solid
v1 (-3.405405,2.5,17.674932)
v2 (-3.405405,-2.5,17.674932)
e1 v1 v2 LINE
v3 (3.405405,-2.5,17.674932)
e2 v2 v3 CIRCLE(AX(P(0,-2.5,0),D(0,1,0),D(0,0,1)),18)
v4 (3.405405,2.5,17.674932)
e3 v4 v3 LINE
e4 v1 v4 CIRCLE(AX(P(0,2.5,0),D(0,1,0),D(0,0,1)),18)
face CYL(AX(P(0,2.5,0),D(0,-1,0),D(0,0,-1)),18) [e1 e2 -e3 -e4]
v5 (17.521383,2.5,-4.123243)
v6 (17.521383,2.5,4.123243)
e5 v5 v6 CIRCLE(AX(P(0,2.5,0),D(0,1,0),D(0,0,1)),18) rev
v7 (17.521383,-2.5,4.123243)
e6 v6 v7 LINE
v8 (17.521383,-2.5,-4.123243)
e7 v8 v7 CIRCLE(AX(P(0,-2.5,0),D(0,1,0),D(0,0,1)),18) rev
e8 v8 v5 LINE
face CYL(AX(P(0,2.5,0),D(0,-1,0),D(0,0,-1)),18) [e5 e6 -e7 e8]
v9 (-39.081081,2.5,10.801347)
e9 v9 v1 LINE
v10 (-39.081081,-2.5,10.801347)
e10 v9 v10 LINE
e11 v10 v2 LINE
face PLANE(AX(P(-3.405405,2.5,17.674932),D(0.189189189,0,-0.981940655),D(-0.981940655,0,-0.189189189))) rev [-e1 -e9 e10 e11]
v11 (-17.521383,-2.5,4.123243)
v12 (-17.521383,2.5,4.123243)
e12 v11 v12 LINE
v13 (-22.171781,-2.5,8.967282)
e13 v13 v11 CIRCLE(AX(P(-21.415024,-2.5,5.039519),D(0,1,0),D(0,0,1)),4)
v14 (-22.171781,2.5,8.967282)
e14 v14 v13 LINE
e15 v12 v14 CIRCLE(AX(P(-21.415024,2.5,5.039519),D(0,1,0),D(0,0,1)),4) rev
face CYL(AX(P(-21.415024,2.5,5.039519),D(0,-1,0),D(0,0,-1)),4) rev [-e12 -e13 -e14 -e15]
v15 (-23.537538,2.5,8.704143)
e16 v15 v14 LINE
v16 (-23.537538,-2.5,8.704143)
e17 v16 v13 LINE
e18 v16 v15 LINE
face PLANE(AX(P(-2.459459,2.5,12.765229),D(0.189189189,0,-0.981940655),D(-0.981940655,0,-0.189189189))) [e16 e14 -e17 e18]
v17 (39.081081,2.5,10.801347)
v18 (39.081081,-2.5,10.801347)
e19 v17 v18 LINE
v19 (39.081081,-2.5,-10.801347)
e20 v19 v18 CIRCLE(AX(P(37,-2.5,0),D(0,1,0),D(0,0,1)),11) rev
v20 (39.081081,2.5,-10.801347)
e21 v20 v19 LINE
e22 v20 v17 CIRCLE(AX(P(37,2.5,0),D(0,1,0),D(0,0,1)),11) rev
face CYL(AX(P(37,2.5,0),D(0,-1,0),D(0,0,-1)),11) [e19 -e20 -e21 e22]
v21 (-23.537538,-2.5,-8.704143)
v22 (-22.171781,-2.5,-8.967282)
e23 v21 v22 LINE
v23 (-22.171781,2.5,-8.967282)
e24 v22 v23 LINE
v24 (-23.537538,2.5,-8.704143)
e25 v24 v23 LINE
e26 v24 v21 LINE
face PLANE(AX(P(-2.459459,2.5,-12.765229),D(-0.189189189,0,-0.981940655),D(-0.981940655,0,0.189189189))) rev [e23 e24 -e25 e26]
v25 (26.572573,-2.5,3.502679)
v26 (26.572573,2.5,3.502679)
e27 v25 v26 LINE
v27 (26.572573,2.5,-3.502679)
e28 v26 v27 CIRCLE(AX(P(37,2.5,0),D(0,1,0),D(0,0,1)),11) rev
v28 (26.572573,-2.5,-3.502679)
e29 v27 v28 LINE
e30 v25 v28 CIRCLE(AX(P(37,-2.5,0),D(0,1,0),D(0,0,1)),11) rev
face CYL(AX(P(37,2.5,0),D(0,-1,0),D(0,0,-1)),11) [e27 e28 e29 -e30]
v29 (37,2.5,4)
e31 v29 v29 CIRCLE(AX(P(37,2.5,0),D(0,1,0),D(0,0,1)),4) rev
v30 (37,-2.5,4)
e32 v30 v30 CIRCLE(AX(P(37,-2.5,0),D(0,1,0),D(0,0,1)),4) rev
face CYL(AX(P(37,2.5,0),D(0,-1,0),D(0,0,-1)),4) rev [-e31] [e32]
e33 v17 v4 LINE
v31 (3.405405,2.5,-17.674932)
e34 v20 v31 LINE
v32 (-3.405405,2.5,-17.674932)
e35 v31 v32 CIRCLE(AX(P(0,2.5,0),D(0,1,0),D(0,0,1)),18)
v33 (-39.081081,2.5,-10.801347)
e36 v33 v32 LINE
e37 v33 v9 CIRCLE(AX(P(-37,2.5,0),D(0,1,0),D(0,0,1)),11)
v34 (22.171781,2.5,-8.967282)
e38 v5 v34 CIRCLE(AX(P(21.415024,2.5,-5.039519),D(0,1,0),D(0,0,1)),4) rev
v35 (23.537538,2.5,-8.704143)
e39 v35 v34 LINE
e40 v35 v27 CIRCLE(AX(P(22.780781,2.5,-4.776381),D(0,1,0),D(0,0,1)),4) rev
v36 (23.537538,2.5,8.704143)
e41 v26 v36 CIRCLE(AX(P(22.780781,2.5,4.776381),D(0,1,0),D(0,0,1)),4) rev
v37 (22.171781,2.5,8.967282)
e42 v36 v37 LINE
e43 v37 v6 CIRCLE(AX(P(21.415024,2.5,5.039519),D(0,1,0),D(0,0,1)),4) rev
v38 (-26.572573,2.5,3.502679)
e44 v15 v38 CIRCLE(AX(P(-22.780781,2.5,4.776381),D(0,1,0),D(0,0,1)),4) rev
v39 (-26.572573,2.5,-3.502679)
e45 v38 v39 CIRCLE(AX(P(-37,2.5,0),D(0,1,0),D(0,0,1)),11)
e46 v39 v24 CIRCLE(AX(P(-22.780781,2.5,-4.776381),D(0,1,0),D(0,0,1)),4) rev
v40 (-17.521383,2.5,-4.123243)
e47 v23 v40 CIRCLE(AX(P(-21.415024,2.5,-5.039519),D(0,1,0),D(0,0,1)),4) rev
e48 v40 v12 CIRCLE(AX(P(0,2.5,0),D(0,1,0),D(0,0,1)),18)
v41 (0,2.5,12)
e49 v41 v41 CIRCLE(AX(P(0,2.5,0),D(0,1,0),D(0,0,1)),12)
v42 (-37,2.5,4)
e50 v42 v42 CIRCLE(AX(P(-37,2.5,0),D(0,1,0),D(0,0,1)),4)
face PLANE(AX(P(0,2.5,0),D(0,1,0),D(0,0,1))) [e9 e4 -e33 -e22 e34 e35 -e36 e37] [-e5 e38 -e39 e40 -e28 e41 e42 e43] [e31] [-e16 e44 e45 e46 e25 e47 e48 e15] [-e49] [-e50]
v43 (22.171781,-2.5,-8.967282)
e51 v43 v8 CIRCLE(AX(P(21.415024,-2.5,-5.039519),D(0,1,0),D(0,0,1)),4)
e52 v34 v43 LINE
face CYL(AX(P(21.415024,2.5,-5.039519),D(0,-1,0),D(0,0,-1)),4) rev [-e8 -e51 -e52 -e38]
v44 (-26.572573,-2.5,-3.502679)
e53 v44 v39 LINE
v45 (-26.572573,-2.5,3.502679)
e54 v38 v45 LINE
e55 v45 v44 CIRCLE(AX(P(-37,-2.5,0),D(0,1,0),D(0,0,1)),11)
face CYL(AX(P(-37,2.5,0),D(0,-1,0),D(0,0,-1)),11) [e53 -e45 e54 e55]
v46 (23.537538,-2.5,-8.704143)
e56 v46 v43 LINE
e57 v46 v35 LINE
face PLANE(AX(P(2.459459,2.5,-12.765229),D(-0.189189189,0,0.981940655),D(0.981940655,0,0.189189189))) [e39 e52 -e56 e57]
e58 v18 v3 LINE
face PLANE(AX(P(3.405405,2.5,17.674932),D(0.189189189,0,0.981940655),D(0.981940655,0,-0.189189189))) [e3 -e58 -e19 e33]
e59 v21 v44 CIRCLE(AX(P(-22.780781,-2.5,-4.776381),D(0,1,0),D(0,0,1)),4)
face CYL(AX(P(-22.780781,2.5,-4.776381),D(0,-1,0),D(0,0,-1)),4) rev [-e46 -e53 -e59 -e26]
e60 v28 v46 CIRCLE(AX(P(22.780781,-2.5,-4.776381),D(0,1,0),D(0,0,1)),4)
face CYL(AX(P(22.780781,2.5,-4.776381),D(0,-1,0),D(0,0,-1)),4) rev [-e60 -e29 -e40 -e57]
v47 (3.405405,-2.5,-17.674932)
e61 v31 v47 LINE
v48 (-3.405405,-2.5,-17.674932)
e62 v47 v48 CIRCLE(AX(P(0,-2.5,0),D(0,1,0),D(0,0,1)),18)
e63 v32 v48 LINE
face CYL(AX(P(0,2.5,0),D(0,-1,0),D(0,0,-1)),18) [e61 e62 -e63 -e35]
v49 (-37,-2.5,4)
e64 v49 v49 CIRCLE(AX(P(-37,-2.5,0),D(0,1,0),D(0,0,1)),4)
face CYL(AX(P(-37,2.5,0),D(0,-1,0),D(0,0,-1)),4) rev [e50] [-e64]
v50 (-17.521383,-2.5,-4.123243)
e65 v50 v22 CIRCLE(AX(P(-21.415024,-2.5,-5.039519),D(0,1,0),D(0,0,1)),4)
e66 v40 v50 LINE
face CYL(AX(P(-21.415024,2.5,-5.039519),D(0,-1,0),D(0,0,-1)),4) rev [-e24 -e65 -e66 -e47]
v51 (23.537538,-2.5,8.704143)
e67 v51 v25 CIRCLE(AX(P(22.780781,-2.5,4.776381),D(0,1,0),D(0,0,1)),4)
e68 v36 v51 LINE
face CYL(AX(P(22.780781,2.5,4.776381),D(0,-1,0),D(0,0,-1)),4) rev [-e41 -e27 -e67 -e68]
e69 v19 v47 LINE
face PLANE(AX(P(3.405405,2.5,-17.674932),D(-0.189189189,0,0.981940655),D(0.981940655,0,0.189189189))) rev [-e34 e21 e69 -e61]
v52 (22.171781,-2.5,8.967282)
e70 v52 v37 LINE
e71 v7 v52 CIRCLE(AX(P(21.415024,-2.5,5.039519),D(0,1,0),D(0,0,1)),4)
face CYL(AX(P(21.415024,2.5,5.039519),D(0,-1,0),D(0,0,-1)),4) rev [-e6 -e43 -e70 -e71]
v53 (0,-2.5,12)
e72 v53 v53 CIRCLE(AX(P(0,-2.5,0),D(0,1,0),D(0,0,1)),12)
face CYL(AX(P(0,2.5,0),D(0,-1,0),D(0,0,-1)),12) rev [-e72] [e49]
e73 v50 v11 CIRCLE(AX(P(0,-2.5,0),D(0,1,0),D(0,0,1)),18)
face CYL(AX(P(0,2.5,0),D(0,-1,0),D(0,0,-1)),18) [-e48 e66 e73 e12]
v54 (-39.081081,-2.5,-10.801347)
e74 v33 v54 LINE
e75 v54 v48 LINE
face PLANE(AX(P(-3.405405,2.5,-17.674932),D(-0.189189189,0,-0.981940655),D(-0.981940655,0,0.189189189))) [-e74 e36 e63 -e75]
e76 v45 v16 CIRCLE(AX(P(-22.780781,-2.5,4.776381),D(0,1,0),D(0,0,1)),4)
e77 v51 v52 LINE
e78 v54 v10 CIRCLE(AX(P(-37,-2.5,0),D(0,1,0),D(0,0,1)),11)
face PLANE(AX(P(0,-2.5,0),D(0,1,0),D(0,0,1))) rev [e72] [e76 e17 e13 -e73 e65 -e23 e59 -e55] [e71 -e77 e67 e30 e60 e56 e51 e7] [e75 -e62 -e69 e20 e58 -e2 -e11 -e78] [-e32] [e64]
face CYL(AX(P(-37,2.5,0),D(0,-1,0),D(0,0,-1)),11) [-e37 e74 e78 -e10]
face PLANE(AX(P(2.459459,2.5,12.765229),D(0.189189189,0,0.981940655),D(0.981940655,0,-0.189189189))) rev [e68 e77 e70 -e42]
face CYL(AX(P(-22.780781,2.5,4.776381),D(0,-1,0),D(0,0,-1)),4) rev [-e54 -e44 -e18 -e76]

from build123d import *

# Parameters (mm, degrees)
SKETCH1_R           = 4
SKETCH1_R_2         = 12
BOSS_EXTRUDE1_DEPTH = 2.5
FILLET1_R           = 4


with BuildPart() as part:
    # Sketch1 → Boss-Extrude1 (new, symmetric)
    with BuildSketch(Plane(origin=(0, 0, 0), x_dir=(1, 0, 0), z_dir=(0, 1, 0))):
        with BuildLine():
            Line((39.081081081, 10.801347209), (3.405405405, 17.674931797))
            ThreePointArc((3.405405405, 17.674931797), (0, 18), (-3.405405405, 17.674931797))
            Line((-3.405405405, 17.674931797), (-39.081081081, 10.801347209))
            ThreePointArc((-39.081081081, 10.801347209), (-48, 0), (-39.081081081, -10.801347209))
            Line((-39.081081081, -10.801347209), (-3.405405405, -17.674931797))
            ThreePointArc((-3.405405405, -17.674931797), (0, -18), (3.405405405, -17.674931797))
            Line((3.405405405, -17.674931797), (39.081081081, -10.801347209))
            ThreePointArc((39.081081081, -10.801347209), (48, 0), (39.081081081, 10.801347209))
        make_face()
        with Locations(Location((37, 0, 0), (0, 0, 270))):
            Circle(SKETCH1_R, mode=Mode.SUBTRACT)
        with Locations(Location((-37, 0, 0), (0, 0, 270))):
            Circle(SKETCH1_R, mode=Mode.SUBTRACT)
        with Locations(Location((0, 0, 0), (0, 0, 270))):
            Circle(SKETCH1_R_2, mode=Mode.SUBTRACT)
        with BuildLine():
            Line((-29.082089608, -7.635882073), (-14.68452203, -10.40984211))
            ThreePointArc((-14.68452203, -10.40984211), (-18, 0), (-14.68452203, 10.40984211))
            Line((-14.68452203, 10.40984211), (-29.082089608, 7.635882073))
            ThreePointArc((-29.082089608, 7.635882073), (-26, 0), (-29.082089608, -7.635882073))
        make_face(mode=Mode.SUBTRACT)
        with BuildLine():
            ThreePointArc((29.082089608, -7.635882073), (26, 0), (29.082089608, 7.635882073))
            Line((29.082089608, 7.635882073), (14.68452203, 10.40984211))
            ThreePointArc((14.68452203, 10.40984211), (18, 0), (14.68452203, -10.40984211))
            Line((14.68452203, -10.40984211), (29.082089608, -7.635882073))
        make_face(mode=Mode.SUBTRACT)
    extrude(amount=BOSS_EXTRUDE1_DEPTH, both=True)

    # Fillet1
    fillet1_edges = [part.edges().sort_by_distance(p)[0] for p in [
        (29.082089608, 0, -7.635882073),
        (14.68452203, 0, -10.40984211),
        (14.68452203, 0, 10.40984211),
        (29.082089608, 0, 7.635882073),
        (-14.68452203, 0, 10.40984211),
        (-14.68452203, 0, -10.40984211),
        (-29.082089608, 0, -7.635882073),
        (-29.082089608, 0, 7.635882073),
    ]]
    fillet(fillet1_edges, radius=FILLET1_R)


solid = part.part
